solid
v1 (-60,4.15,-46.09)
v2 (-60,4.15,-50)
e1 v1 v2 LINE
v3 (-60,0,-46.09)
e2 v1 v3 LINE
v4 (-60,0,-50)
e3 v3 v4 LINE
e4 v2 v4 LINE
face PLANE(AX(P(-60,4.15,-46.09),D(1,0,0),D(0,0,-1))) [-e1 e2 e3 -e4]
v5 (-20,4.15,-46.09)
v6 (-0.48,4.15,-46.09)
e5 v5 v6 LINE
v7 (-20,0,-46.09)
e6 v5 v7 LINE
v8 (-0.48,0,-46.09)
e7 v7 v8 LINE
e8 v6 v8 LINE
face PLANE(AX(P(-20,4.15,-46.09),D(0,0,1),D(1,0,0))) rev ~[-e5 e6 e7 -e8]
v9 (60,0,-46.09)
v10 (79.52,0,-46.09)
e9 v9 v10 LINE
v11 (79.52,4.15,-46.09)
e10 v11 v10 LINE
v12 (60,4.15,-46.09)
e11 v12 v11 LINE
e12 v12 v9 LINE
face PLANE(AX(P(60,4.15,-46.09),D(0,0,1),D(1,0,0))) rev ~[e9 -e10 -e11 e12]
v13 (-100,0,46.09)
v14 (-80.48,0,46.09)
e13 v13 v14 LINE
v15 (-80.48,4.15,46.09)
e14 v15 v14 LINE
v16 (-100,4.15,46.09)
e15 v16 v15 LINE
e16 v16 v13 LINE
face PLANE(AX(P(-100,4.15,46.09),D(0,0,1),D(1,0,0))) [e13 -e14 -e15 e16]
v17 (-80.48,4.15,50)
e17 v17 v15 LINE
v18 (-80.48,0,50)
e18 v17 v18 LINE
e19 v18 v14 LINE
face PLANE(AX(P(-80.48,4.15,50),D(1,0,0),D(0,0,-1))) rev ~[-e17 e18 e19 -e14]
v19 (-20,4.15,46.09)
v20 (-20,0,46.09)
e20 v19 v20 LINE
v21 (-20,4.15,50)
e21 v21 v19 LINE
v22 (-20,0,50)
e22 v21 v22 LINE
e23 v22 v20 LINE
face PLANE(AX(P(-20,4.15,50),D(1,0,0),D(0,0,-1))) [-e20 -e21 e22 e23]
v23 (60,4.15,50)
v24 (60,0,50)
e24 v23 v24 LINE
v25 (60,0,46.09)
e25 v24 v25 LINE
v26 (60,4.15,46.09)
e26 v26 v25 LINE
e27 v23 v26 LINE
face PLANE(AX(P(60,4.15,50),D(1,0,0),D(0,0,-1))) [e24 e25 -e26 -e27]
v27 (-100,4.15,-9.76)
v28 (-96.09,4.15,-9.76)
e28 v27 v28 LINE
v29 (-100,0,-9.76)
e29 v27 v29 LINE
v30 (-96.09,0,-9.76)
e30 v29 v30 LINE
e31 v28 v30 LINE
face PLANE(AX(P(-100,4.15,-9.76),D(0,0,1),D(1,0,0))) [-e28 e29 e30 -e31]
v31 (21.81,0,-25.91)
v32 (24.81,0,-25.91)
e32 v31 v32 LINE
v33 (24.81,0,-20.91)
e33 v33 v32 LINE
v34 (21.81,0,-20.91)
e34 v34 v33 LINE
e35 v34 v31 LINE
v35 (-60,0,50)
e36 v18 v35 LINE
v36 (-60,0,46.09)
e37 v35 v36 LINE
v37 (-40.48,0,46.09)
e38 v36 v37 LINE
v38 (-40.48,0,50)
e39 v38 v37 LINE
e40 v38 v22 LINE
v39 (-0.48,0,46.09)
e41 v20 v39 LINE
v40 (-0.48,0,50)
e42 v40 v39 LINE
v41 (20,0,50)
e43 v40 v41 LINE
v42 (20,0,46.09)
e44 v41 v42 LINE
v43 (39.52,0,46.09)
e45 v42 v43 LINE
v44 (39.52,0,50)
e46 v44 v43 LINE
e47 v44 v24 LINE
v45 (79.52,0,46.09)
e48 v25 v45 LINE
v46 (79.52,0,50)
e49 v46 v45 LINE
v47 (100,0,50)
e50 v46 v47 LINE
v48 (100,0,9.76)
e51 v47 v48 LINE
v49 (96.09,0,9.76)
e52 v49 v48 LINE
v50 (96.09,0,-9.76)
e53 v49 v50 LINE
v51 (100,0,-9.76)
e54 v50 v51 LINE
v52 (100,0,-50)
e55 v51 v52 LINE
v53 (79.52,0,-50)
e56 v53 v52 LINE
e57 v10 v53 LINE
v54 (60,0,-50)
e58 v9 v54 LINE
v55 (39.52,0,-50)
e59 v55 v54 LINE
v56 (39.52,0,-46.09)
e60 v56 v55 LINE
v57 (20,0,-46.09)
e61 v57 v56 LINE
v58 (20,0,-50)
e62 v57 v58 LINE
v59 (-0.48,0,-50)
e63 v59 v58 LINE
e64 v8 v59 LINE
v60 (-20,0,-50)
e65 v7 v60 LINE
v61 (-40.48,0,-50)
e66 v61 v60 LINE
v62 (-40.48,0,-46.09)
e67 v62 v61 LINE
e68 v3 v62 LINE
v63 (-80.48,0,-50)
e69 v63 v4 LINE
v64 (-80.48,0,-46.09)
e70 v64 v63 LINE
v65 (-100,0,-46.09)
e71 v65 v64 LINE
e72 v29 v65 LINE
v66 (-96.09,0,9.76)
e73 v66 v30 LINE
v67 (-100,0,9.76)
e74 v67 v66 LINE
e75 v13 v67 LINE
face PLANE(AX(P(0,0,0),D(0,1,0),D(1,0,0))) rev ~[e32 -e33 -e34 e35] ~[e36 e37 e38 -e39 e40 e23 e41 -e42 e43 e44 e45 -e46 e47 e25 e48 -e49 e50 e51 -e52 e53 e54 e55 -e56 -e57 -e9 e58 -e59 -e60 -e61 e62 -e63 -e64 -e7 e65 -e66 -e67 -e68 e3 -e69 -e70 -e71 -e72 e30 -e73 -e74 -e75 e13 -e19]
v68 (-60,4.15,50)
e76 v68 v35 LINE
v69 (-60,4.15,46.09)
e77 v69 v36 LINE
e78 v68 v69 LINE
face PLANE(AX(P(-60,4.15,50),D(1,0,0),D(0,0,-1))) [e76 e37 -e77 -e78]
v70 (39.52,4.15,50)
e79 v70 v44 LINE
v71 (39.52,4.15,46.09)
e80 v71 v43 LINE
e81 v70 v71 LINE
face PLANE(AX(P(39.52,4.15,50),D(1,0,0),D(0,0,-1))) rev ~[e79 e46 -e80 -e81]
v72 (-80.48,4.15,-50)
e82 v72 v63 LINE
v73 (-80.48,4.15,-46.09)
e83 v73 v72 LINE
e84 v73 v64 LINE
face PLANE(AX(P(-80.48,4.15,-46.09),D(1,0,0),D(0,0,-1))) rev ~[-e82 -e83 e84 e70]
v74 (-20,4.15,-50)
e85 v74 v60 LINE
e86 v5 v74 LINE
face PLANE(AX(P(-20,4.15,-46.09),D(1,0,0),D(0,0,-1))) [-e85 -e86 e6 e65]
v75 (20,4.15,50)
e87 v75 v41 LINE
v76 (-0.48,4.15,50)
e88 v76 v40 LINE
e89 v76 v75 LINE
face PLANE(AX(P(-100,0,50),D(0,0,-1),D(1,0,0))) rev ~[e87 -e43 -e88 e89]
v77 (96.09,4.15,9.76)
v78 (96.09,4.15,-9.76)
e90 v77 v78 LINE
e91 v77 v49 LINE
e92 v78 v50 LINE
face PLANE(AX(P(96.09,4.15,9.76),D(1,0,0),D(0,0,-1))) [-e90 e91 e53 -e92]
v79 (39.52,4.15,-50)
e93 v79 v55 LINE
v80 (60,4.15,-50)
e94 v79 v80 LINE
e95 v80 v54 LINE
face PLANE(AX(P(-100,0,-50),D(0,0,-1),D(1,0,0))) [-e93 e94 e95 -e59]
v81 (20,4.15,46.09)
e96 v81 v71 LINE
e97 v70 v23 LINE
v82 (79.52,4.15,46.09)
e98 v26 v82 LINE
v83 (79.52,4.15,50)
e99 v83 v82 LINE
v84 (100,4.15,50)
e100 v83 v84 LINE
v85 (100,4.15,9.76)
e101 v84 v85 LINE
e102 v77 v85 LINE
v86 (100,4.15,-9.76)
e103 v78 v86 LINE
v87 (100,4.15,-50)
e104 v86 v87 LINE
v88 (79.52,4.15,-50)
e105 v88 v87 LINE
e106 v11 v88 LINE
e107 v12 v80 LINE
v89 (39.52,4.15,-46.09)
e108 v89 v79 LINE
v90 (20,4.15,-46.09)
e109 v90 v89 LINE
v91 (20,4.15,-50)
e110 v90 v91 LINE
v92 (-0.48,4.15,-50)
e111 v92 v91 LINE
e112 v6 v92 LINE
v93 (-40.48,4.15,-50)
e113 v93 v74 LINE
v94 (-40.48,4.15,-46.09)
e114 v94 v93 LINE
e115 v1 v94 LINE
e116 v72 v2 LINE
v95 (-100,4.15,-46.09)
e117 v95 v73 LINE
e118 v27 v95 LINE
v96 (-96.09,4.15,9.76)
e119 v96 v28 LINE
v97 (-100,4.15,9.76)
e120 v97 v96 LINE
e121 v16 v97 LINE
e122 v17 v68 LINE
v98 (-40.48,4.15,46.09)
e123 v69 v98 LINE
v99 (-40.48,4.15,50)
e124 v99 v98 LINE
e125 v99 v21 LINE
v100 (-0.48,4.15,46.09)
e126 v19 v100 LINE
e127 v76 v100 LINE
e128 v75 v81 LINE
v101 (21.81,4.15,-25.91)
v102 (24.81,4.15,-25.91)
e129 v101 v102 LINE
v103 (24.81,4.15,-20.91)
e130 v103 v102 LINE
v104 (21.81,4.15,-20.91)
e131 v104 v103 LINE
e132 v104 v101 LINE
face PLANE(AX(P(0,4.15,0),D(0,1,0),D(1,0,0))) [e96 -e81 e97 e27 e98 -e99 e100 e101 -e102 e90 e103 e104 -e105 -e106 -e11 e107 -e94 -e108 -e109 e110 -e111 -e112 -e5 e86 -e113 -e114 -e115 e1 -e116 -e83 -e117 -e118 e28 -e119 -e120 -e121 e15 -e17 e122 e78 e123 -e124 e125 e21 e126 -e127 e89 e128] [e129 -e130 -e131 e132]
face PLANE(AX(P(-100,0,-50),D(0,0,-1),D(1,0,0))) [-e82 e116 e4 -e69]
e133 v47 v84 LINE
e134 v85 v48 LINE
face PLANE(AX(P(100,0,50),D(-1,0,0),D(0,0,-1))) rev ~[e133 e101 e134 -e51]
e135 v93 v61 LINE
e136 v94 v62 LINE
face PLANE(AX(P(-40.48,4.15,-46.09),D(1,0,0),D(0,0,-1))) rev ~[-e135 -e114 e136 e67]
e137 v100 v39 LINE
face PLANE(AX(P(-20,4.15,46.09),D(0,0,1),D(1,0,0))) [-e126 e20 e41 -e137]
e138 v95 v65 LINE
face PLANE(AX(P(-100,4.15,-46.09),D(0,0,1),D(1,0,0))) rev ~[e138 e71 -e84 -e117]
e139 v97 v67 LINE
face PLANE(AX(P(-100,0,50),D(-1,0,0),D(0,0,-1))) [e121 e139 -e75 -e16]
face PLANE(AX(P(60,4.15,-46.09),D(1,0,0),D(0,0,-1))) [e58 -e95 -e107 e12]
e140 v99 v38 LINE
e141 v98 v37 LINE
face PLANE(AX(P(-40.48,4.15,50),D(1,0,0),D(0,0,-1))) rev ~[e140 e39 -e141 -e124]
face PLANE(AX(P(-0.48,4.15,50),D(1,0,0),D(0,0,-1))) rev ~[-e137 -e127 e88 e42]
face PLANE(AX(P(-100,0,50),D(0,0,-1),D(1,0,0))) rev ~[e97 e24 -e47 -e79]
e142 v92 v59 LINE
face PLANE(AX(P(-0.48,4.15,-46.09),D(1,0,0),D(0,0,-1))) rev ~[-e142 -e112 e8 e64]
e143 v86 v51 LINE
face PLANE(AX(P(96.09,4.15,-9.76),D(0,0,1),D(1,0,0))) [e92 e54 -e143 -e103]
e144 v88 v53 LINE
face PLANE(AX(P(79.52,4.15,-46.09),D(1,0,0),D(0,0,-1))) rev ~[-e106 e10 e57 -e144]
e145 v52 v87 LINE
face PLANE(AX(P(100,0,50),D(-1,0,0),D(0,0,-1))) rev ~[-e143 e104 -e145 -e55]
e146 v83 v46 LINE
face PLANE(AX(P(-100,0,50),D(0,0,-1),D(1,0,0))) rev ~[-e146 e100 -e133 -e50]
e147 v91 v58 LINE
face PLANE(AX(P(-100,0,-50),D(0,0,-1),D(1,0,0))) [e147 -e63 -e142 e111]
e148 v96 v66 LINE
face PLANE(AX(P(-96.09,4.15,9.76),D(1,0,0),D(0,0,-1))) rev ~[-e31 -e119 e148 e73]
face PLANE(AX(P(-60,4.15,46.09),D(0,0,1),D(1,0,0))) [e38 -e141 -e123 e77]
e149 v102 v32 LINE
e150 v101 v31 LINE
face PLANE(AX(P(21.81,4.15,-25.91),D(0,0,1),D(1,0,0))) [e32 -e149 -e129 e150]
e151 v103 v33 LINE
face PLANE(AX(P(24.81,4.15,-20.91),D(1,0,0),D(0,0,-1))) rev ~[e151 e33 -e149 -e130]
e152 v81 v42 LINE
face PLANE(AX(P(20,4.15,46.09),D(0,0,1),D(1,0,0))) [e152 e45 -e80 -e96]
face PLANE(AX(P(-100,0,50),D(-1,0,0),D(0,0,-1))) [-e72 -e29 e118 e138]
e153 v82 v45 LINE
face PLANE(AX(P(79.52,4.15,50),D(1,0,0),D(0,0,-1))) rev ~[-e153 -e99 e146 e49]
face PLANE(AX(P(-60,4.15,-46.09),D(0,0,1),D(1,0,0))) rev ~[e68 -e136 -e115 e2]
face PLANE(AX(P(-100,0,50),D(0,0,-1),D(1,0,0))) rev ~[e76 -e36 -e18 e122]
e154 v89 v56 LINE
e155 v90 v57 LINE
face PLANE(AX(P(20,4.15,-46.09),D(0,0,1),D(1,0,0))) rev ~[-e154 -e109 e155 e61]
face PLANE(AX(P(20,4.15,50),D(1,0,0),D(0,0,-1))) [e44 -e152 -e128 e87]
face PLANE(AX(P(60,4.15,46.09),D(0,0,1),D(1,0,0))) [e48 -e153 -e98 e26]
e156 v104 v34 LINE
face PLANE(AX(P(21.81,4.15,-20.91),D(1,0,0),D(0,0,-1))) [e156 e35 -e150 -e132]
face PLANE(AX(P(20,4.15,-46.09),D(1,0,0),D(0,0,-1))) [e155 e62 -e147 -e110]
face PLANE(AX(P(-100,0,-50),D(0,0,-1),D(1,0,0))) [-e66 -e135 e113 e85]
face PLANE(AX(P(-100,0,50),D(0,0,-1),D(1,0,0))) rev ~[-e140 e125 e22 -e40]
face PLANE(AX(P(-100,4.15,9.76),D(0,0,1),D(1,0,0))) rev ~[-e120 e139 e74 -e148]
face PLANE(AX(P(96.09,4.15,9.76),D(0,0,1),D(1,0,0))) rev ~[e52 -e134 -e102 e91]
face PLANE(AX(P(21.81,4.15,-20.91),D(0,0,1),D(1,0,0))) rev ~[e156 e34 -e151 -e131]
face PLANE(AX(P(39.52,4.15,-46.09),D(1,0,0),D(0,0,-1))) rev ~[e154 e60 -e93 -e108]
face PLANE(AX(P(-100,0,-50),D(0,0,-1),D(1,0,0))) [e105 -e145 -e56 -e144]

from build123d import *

# Parameters (mm, degrees)
SKETCH1_W           = 200
SKETCH1_H           = 100
BOSS_EXTRUDE1_DEPTH = 4.15
SKETCH3_W           = 19.52
SKETCH3_H           = 3.91
CUT_EXTRUDE2_DEPTH  = 10
SKETCH4_W           = 3.91
SKETCH4_H           = 19.52
CUT_EXTRUDE3_DEPTH  = 10
SKETCH21_W          = 3
SKETCH21_H          = 5
CUT_EXTRUDE22_DEPTH = 4.2


with BuildPart() as part:
    # Sketch1 → Boss-Extrude1 (new body)
    with BuildSketch(Plane(origin=(0, 0, 0), x_dir=(1, 0, 0), z_dir=(0, 1, 0))):
        Rectangle(SKETCH1_W, SKETCH1_H)
    extrude(amount=BOSS_EXTRUDE1_DEPTH)

    # Sketch3 → Cut-Extrude2 (cut)
    with BuildSketch(Plane(origin=(0, 4.15, 0), x_dir=(1, 0, 0), z_dir=(0, 1, 0))):
        with Locations((-90.24, 48.045)):
            Rectangle(SKETCH3_W, SKETCH3_H)
        with Locations((-90.24, -48.045)):
            Rectangle(SKETCH3_W, SKETCH3_H)
        with Locations((-50.24, 48.045)):
            Rectangle(SKETCH3_W, SKETCH3_H)
        with Locations((-10.24, 48.045)):
            Rectangle(SKETCH3_W, SKETCH3_H)
        with Locations((29.76, 48.045)):
            Rectangle(SKETCH3_W, SKETCH3_H)
        with Locations((69.76, 48.045)):
            Rectangle(SKETCH3_W, SKETCH3_H)
        with Locations((-50.24, -48.045)):
            Rectangle(SKETCH3_W, SKETCH3_H)
        with Locations((-10.24, -48.045)):
            Rectangle(SKETCH3_W, SKETCH3_H)
        with Locations((29.76, -48.045)):
            Rectangle(SKETCH3_W, SKETCH3_H)
        with Locations((69.76, -48.045)):
            Rectangle(SKETCH3_W, SKETCH3_H)
    extrude(amount=-CUT_EXTRUDE2_DEPTH, mode=Mode.SUBTRACT)

    # Sketch4 → Cut-Extrude3 (cut)
    with BuildSketch(Plane(origin=(0, 4.15, 0), x_dir=(1, 0, 0), z_dir=(0, 1, 0))):
        with Locations((-98.045, 0)):
            Rectangle(SKETCH4_W, SKETCH4_H)
        with Locations((98.045, 0)):
            Rectangle(SKETCH4_W, SKETCH4_H)
    extrude(amount=-CUT_EXTRUDE3_DEPTH, mode=Mode.SUBTRACT)

    # Sketch21 → Cut-Extrude22 (cut)
    with BuildSketch(Plane(origin=(0, 4.15, 0), x_dir=(1, 0, 0), z_dir=(0, 1, 0))):
        with Locations((23.31, 23.41)):
            Rectangle(SKETCH21_W, SKETCH21_H)
    extrude(amount=-CUT_EXTRUDE22_DEPTH, mode=Mode.SUBTRACT)


solid = part.part
